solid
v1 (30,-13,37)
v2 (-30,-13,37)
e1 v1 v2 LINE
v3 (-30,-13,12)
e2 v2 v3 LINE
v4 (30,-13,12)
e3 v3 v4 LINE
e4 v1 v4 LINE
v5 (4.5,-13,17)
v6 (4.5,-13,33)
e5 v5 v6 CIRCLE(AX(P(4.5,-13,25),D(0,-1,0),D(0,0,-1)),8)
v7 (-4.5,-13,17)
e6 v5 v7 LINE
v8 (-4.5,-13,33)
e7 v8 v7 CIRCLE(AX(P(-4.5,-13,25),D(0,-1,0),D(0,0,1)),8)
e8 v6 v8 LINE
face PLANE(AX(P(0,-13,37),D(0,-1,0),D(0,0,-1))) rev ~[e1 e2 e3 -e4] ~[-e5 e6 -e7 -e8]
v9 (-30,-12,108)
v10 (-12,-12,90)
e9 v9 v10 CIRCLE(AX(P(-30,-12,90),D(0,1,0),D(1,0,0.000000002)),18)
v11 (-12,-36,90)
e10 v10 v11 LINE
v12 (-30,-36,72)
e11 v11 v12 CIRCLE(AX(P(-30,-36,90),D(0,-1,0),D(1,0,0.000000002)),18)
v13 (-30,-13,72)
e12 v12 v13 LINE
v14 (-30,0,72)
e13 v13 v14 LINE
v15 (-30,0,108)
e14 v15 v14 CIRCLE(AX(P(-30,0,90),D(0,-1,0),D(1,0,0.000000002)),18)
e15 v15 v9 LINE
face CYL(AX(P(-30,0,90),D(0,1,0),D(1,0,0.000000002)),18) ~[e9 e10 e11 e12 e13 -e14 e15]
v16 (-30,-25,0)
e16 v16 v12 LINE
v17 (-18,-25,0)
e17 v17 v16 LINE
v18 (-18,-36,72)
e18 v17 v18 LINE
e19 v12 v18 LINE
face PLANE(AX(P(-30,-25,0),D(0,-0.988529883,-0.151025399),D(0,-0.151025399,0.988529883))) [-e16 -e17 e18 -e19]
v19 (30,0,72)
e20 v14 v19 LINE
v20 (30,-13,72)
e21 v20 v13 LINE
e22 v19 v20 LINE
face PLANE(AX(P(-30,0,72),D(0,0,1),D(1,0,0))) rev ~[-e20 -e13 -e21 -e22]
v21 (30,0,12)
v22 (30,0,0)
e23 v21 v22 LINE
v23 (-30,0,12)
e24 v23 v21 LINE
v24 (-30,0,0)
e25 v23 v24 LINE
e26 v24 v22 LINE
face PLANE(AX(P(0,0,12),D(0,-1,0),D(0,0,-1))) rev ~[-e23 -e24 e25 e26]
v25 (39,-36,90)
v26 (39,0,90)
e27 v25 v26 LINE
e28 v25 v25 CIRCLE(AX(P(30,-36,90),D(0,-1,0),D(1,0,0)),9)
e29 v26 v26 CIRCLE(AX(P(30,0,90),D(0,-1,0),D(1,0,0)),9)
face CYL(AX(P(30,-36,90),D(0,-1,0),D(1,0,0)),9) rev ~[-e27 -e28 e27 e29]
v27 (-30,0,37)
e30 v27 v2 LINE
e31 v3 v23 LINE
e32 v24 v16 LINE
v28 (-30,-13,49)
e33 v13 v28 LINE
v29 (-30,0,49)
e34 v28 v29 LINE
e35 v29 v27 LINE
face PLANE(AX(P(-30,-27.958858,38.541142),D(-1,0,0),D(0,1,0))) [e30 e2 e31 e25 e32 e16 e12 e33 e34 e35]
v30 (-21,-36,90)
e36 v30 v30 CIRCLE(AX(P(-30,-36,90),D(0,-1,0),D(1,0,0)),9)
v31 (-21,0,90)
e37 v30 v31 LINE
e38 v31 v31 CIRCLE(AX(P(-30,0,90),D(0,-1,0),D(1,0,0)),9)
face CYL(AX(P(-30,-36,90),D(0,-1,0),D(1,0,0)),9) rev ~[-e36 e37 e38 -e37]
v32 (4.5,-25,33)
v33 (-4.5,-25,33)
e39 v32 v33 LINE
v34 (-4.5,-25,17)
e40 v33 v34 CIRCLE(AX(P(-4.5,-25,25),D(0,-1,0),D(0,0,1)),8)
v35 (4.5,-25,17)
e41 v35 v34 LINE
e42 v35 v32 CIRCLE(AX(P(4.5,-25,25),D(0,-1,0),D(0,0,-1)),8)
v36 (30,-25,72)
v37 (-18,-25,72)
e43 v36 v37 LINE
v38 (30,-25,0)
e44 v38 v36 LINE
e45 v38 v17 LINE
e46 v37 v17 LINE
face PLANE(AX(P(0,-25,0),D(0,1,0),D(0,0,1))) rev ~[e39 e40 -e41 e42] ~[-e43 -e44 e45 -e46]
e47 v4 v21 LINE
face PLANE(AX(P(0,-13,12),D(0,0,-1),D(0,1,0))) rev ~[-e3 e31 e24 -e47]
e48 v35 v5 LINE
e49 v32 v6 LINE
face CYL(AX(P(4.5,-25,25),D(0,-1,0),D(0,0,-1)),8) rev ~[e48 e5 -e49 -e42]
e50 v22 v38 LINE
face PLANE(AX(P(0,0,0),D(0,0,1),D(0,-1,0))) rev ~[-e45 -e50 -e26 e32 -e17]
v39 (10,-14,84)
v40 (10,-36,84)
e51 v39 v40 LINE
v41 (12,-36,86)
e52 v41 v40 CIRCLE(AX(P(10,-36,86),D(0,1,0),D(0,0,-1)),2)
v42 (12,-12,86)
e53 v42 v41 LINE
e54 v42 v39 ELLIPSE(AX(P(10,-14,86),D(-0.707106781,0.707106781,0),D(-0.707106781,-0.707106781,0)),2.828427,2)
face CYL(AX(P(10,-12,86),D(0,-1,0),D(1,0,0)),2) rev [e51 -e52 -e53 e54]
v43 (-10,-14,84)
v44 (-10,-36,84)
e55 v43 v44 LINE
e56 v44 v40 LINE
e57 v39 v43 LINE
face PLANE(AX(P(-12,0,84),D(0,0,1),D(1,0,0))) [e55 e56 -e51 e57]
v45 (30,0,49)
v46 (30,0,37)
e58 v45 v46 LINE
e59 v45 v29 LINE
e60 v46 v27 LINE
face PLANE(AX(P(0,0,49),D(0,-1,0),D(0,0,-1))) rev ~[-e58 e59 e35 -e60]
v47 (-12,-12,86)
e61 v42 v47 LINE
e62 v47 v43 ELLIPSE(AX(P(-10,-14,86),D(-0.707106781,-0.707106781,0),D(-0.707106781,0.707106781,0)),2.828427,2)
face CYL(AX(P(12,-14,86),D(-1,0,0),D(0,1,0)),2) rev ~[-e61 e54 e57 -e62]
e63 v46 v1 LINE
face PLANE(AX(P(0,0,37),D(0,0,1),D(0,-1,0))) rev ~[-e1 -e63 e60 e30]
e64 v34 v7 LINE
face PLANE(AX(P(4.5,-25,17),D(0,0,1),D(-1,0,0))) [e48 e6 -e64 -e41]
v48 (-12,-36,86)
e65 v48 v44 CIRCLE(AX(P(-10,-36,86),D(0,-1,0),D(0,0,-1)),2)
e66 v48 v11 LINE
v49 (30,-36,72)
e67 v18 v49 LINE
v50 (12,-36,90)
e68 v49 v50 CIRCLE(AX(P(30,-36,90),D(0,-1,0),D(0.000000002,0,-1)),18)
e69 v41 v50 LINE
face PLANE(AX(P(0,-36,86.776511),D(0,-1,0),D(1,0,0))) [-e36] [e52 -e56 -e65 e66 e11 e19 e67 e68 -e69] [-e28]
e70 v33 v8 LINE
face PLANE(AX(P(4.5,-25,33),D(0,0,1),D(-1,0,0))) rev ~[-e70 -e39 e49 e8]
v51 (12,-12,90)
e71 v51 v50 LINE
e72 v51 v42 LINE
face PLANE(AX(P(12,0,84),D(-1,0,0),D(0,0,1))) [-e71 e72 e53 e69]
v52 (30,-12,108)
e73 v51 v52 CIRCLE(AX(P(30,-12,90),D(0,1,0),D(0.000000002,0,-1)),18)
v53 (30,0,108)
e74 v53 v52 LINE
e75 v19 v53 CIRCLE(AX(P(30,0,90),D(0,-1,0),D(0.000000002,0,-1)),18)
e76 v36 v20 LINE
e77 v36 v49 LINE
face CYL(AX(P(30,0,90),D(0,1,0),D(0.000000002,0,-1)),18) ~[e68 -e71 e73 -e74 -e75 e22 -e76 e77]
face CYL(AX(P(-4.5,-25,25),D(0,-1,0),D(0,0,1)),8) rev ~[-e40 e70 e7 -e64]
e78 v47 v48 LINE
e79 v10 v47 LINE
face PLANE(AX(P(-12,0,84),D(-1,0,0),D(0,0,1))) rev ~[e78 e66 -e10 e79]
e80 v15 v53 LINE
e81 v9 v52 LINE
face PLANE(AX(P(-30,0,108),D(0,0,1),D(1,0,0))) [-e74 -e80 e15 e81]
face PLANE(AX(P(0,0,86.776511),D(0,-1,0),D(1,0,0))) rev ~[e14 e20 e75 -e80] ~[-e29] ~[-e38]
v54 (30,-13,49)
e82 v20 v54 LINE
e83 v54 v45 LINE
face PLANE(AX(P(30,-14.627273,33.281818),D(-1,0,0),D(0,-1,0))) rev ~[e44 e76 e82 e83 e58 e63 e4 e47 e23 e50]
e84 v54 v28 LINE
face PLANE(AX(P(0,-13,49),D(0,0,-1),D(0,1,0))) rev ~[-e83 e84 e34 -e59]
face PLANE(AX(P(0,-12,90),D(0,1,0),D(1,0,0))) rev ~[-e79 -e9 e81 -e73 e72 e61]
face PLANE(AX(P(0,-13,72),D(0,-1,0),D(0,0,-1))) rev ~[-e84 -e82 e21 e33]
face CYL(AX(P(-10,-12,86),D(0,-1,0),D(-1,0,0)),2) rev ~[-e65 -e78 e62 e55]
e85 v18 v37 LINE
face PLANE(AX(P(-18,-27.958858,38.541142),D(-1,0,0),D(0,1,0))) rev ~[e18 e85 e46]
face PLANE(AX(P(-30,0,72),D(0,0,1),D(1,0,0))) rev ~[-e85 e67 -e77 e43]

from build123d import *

# Parameters (mm, degrees)
PAD_DEPTH       = 30
POCKET_DEPTH    = 25.001
PAD003_DEPTH    = 12
PAD001_DEPTH    = 36
PAD002_DEPTH    = 12
SKETCH004_R     = 9
POCKET001_DEPTH = 36.001
FILLET_R        = 2


with BuildPart() as pad003:
    # Sketch → Pad (new body, symmetric)
    with BuildSketch(Plane.YZ):
        Polygon((0, 0), (-25, 0), (-25, 72), (-13, 72), (-13, 49), (0, 49), (0, 37), (-13, 37), (-13, 12), (0, 12), align=None)
    extrude(amount=PAD_DEPTH, both=True)

    # Sketch001 → Pocket (cut, through all)
    with BuildSketch(Plane(origin=(0, -25, 0), x_dir=(0, 0, -1), z_dir=(0, -1, 0))):
        with BuildLine():
            ThreePointArc((-17, 4.5), (-25, 12.5), (-33, 4.5))
            Line((-33, 4.5), (-33, -4.5))
            ThreePointArc((-33, -4.5), (-25, -12.5), (-17, -4.5))
            Line((-17, 4.5), (-17, -4.5))
        make_face()
    extrude(amount=-POCKET_DEPTH, mode=Mode.SUBTRACT)

    # Sketch005 → Pad003 (new body)
    with BuildSketch(Plane(origin=(-30, 0, 0), x_dir=(0, 1, 0), z_dir=(-1, 0, 0))):
        Polygon((-25, 0), (-36, -72), (-25, -72), align=None)
    extrude(amount=-PAD003_DEPTH)


with BuildPart() as fusion:
    # Sketch002 → Pad001 (new body)
    with BuildSketch(Plane.XZ):
        with BuildLine():
            Line((-30, 72), (30, 72))
            ThreePointArc((30, 72), (42.727922, 102.727922), (12, 90))
            Line((12, 84), (12, 90))
            Line((-12, 84), (12, 84))
            Line((-12, 84), (-12, 90))
            ThreePointArc((-12, 90), (-42.727922, 102.727922), (-30, 72))
        make_face()
    extrude(amount=PAD001_DEPTH)

    # Sketch003 → Pad002 (new body)
    with BuildSketch(Plane(origin=(0, 0, 0), x_dir=(1, 0, 0), z_dir=(0, 1, 0))):
        with BuildLine():
            ThreePointArc((-30, -72), (-48, -90), (-30, -108))
            Line((-30, -108), (30, -108))
            ThreePointArc((30, -108), (48, -90), (30, -72))
            Line((-30, -72), (30, -72))
        make_face()
    extrude(amount=-PAD002_DEPTH)

    # Sketch004 → Pocket001 (cut, through all)
    with BuildSketch(Plane.XZ.offset(36)):
        with Locations((30, 90)):
            Circle(SKETCH004_R)
        with Locations((-30, 90)):
            Circle(SKETCH004_R)
    extrude(amount=-POCKET001_DEPTH, mode=Mode.SUBTRACT)

    # Fillet
    fillet_edges = [fusion.edges().sort_by_distance(p)[0] for p in [
        (12, -24, 84),
        (0, -12, 84),
        (-12, -24, 84),
    ]]
    fillet(fillet_edges, radius=FILLET_R)

    # Fusion: union Pad003
    add(pad003.part)


solid = fusion.part
